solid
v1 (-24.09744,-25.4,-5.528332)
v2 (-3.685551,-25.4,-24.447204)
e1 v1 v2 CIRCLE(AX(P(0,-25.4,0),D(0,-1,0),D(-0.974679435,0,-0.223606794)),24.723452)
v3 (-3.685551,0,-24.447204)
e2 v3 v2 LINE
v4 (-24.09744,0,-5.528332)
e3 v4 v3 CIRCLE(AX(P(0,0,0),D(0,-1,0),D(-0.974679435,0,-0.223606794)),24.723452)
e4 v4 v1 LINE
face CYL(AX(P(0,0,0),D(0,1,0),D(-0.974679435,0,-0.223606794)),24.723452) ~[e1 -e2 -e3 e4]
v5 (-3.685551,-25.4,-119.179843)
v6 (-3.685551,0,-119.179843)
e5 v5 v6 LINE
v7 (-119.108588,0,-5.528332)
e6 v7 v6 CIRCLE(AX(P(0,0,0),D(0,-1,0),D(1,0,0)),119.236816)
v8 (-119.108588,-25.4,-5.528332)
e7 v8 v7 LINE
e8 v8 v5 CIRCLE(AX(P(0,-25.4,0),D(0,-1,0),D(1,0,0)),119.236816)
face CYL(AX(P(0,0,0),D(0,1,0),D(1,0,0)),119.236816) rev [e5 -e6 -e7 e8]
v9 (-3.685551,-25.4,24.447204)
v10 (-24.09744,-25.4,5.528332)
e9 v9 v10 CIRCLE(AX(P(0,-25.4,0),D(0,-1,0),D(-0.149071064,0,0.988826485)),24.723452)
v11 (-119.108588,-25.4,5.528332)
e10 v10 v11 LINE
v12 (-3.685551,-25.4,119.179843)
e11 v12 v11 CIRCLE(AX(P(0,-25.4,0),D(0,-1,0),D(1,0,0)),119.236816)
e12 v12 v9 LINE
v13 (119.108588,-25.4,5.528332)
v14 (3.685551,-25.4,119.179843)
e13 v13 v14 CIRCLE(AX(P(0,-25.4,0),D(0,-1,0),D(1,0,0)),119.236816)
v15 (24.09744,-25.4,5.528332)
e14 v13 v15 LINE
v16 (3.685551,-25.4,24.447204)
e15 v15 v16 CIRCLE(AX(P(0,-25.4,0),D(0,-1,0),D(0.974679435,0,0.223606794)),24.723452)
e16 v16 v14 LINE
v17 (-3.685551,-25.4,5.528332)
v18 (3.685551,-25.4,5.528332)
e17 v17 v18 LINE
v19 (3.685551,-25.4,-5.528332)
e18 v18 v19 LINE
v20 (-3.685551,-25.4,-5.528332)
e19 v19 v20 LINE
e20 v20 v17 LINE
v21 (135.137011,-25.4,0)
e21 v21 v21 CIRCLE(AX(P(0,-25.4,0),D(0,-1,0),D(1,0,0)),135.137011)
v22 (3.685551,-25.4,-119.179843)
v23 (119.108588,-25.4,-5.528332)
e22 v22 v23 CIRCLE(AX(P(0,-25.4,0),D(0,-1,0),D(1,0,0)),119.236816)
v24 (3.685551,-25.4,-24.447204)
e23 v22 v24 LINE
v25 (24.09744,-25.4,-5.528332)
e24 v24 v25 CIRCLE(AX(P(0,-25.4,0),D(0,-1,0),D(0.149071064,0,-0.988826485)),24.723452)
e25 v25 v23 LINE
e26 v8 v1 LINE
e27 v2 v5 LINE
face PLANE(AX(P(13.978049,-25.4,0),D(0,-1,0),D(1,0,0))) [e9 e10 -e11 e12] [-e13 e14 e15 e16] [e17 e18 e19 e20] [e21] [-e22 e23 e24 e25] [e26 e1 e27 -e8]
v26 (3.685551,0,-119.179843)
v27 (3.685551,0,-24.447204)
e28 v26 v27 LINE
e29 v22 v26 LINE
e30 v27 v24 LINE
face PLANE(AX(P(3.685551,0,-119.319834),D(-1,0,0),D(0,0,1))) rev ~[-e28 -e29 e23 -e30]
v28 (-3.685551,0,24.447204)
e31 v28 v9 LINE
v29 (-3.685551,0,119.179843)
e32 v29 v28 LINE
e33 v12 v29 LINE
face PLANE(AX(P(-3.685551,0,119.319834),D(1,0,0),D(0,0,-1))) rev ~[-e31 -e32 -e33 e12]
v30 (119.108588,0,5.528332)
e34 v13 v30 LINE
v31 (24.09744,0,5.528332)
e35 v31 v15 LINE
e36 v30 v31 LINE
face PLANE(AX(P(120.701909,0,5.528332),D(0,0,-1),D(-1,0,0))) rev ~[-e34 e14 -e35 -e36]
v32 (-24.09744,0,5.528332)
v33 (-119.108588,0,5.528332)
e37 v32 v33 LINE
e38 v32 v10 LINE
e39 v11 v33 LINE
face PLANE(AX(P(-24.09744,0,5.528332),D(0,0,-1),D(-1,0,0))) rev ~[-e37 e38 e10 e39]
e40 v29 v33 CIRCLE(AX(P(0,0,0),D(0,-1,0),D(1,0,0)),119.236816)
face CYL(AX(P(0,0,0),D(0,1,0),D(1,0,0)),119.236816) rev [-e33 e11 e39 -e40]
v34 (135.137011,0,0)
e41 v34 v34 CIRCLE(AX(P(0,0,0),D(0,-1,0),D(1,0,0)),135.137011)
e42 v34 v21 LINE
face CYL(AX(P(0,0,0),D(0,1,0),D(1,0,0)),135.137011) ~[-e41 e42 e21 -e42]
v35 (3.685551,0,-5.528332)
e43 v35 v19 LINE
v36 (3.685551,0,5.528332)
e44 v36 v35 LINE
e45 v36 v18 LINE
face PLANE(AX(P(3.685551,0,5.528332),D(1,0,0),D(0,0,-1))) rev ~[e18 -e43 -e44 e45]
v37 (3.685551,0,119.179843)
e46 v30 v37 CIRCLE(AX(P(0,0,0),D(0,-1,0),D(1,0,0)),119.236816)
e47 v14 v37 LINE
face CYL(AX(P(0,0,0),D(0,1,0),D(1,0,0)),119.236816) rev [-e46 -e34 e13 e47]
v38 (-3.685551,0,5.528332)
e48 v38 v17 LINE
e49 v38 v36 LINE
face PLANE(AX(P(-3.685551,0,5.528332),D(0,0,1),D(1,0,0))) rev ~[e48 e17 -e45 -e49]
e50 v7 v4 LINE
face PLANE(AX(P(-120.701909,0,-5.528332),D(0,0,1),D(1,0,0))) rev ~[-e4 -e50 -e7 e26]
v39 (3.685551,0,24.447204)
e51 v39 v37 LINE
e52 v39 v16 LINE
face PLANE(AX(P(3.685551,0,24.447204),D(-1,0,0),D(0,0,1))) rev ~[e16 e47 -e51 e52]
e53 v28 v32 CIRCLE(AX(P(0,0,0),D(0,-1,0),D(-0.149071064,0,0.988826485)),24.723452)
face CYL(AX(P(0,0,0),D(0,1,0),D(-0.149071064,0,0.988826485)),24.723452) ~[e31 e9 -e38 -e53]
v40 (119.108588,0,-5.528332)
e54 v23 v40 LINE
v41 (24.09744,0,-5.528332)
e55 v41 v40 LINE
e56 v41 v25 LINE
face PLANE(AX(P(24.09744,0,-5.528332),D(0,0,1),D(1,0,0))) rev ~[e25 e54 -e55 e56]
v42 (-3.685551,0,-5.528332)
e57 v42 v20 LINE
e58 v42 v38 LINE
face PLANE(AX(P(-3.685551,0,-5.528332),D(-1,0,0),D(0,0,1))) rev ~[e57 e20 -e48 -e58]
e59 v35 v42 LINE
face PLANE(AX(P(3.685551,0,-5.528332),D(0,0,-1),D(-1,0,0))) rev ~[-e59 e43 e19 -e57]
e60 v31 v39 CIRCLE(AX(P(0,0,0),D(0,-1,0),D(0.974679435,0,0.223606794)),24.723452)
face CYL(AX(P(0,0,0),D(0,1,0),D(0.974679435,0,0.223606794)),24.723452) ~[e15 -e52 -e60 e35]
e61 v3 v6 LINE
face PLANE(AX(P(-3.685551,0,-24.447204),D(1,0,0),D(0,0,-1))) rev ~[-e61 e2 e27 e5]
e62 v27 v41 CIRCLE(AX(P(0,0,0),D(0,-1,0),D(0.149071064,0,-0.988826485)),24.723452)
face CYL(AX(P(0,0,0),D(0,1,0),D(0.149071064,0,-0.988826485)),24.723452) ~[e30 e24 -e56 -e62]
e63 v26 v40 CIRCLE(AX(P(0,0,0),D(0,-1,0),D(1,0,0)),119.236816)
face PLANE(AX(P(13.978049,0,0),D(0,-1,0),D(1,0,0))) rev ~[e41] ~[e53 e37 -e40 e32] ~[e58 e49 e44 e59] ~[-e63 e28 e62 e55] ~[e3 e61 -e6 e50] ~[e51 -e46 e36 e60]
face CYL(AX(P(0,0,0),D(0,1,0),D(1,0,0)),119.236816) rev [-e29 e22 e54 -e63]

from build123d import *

# Parameters (mm, degrees)
F0_R     = 135.1370109591
F0_R_2   = 119.2368158662
F1_DEPTH = 25.4
F3_DEPTH = 25.4


with BuildPart() as f1:
    # F0 (on Front) → F1 (new body)
    with BuildSketch(Plane.XZ):
        Circle(F0_R)
        Circle(F0_R_2, mode=Mode.SUBTRACT)
    extrude(amount=F1_DEPTH)

    # F2 (on Front) → F3 (join)
    with BuildSketch(Plane.XZ):
        with BuildLine():
            ThreePointArc((24.0974397832, -5.5283317342), (24.5664500946, -2.7818313428), (24.7234515364, 0))
            ThreePointArc((24.7234515364, 0), (24.5664500946, 2.7818313428), (24.0974397832, 5.5283317342))
            Line((24.0974397832, 5.5283317342), (3.6855512299, 5.5283317342))
            Line((3.6855512299, 5.5283317342), (3.6855512299, -5.5283317342))
            Line((3.6855512299, -5.5283317342), (24.0974397832, -5.5283317342))
        make_face()
        with BuildLine():
            ThreePointArc((24.0974397832, 5.5283317342), (24.5664500946, 2.7818313428), (24.7234515364, 0))
            ThreePointArc((24.7234515364, 0), (24.5664500946, -2.7818313428), (24.0974397832, -5.5283317342))
            Line((24.0974397832, -5.5283317342), (120.7019090652, -5.5283317342))
            Line((120.7019090652, -5.5283317342), (120.7019090652, 5.5283317342))
            Line((120.7019090652, 5.5283317342), (24.0974397832, 5.5283317342))
        make_face()
        with BuildLine():
            Line((3.6855512299, 5.5283317342), (24.0974397832, 5.5283317342))
            ThreePointArc((24.0974397832, 5.5283317342), (16.8063849884, 18.132690906), (3.6855512299, 24.4472036847))
            Line((3.6855512299, 24.4472036847), (3.6855512299, 5.5283317342))
        make_face()
        with BuildLine():
            ThreePointArc((3.6855512299, -24.4472036847), (16.8063849884, -18.132690906), (24.0974397832, -5.5283317342))
            Line((24.0974397832, -5.5283317342), (3.6855512299, -5.5283317342))
            Line((3.6855512299, -5.5283317342), (3.6855512299, -24.4472036847))
        make_face()
        with BuildLine():
            Line((3.6855512299, 5.5283317342), (3.6855512299, 24.4472036847))
            ThreePointArc((3.6855512299, 24.4472036847), (0, 24.7234515364), (-3.6855512299, 24.4472036847))
            Line((-3.6855512299, 24.4472036847), (-3.6855512299, 5.5283317342))
            Line((-3.6855512299, 5.5283317342), (3.6855512299, 5.5283317342))
        make_face()
        with BuildLine():
            ThreePointArc((-3.6855512299, 24.4472036847), (0, 24.7234515364), (3.6855512299, 24.4472036847))
            Line((3.6855512299, 24.4472036847), (3.6855512299, 119.3198338151))
            Line((3.6855512299, 119.3198338151), (-3.6855512299, 119.3198338151))
            Line((-3.6855512299, 119.3198338151), (-3.6855512299, 24.4472036847))
        make_face()
        with BuildLine():
            Line((3.6855512299, -119.3198338151), (3.6855512299, -24.4472036847))
            ThreePointArc((3.6855512299, -24.4472036847), (0, -24.7234515364), (-3.6855512299, -24.4472036847))
            Line((-3.6855512299, -24.4472036847), (-3.6855512299, -119.3198338151))
            Line((-3.6855512299, -119.3198338151), (3.6855512299, -119.3198338151))
        make_face()
        with BuildLine():
            ThreePointArc((-3.6855512299, -24.4472036847), (0, -24.7234515364), (3.6855512299, -24.4472036847))
            Line((3.6855512299, -24.4472036847), (3.6855512299, -5.5283317342))
            Line((3.6855512299, -5.5283317342), (-3.6855512299, -5.5283317342))
            Line((-3.6855512299, -5.5283317342), (-3.6855512299, -24.4472036847))
        make_face()
        with BuildLine():
            Line((-3.6855512299, 5.5283317342), (-3.6855512299, 24.4472036847))
            ThreePointArc((-3.6855512299, 24.4472036847), (-16.8063849884, 18.132690906), (-24.0974397832, 5.5283317342))
            Line((-24.0974397832, 5.5283317342), (-3.6855512299, 5.5283317342))
        make_face()
        with BuildLine():
            Line((-3.6855512299, -5.5283317342), (-3.6855512299, 5.5283317342))
            Line((-3.6855512299, 5.5283317342), (-24.0974397832, 5.5283317342))
            ThreePointArc((-24.0974397832, 5.5283317342), (-24.7234515364, 0), (-24.0974397832, -5.5283317342))
            Line((-24.0974397832, -5.5283317342), (-3.6855512299, -5.5283317342))
        make_face()
        with BuildLine():
            ThreePointArc((-24.0974397832, -5.5283317342), (-16.8063849884, -18.132690906), (-3.6855512299, -24.4472036847))
            Line((-3.6855512299, -24.4472036847), (-3.6855512299, -5.5283317342))
            Line((-3.6855512299, -5.5283317342), (-24.0974397832, -5.5283317342))
        make_face()
        with BuildLine():
            ThreePointArc((-24.0974397832, -5.5283317342), (-24.7234515364, 0), (-24.0974397832, 5.5283317342))
            Line((-24.0974397832, 5.5283317342), (-120.7019090652, 5.5283317342))
            Line((-120.7019090652, 5.5283317342), (-120.7019090652, -5.5283317342))
            Line((-120.7019090652, -5.5283317342), (-24.0974397832, -5.5283317342))
        make_face()
    extrude(amount=F3_DEPTH)


solid = f1.part
